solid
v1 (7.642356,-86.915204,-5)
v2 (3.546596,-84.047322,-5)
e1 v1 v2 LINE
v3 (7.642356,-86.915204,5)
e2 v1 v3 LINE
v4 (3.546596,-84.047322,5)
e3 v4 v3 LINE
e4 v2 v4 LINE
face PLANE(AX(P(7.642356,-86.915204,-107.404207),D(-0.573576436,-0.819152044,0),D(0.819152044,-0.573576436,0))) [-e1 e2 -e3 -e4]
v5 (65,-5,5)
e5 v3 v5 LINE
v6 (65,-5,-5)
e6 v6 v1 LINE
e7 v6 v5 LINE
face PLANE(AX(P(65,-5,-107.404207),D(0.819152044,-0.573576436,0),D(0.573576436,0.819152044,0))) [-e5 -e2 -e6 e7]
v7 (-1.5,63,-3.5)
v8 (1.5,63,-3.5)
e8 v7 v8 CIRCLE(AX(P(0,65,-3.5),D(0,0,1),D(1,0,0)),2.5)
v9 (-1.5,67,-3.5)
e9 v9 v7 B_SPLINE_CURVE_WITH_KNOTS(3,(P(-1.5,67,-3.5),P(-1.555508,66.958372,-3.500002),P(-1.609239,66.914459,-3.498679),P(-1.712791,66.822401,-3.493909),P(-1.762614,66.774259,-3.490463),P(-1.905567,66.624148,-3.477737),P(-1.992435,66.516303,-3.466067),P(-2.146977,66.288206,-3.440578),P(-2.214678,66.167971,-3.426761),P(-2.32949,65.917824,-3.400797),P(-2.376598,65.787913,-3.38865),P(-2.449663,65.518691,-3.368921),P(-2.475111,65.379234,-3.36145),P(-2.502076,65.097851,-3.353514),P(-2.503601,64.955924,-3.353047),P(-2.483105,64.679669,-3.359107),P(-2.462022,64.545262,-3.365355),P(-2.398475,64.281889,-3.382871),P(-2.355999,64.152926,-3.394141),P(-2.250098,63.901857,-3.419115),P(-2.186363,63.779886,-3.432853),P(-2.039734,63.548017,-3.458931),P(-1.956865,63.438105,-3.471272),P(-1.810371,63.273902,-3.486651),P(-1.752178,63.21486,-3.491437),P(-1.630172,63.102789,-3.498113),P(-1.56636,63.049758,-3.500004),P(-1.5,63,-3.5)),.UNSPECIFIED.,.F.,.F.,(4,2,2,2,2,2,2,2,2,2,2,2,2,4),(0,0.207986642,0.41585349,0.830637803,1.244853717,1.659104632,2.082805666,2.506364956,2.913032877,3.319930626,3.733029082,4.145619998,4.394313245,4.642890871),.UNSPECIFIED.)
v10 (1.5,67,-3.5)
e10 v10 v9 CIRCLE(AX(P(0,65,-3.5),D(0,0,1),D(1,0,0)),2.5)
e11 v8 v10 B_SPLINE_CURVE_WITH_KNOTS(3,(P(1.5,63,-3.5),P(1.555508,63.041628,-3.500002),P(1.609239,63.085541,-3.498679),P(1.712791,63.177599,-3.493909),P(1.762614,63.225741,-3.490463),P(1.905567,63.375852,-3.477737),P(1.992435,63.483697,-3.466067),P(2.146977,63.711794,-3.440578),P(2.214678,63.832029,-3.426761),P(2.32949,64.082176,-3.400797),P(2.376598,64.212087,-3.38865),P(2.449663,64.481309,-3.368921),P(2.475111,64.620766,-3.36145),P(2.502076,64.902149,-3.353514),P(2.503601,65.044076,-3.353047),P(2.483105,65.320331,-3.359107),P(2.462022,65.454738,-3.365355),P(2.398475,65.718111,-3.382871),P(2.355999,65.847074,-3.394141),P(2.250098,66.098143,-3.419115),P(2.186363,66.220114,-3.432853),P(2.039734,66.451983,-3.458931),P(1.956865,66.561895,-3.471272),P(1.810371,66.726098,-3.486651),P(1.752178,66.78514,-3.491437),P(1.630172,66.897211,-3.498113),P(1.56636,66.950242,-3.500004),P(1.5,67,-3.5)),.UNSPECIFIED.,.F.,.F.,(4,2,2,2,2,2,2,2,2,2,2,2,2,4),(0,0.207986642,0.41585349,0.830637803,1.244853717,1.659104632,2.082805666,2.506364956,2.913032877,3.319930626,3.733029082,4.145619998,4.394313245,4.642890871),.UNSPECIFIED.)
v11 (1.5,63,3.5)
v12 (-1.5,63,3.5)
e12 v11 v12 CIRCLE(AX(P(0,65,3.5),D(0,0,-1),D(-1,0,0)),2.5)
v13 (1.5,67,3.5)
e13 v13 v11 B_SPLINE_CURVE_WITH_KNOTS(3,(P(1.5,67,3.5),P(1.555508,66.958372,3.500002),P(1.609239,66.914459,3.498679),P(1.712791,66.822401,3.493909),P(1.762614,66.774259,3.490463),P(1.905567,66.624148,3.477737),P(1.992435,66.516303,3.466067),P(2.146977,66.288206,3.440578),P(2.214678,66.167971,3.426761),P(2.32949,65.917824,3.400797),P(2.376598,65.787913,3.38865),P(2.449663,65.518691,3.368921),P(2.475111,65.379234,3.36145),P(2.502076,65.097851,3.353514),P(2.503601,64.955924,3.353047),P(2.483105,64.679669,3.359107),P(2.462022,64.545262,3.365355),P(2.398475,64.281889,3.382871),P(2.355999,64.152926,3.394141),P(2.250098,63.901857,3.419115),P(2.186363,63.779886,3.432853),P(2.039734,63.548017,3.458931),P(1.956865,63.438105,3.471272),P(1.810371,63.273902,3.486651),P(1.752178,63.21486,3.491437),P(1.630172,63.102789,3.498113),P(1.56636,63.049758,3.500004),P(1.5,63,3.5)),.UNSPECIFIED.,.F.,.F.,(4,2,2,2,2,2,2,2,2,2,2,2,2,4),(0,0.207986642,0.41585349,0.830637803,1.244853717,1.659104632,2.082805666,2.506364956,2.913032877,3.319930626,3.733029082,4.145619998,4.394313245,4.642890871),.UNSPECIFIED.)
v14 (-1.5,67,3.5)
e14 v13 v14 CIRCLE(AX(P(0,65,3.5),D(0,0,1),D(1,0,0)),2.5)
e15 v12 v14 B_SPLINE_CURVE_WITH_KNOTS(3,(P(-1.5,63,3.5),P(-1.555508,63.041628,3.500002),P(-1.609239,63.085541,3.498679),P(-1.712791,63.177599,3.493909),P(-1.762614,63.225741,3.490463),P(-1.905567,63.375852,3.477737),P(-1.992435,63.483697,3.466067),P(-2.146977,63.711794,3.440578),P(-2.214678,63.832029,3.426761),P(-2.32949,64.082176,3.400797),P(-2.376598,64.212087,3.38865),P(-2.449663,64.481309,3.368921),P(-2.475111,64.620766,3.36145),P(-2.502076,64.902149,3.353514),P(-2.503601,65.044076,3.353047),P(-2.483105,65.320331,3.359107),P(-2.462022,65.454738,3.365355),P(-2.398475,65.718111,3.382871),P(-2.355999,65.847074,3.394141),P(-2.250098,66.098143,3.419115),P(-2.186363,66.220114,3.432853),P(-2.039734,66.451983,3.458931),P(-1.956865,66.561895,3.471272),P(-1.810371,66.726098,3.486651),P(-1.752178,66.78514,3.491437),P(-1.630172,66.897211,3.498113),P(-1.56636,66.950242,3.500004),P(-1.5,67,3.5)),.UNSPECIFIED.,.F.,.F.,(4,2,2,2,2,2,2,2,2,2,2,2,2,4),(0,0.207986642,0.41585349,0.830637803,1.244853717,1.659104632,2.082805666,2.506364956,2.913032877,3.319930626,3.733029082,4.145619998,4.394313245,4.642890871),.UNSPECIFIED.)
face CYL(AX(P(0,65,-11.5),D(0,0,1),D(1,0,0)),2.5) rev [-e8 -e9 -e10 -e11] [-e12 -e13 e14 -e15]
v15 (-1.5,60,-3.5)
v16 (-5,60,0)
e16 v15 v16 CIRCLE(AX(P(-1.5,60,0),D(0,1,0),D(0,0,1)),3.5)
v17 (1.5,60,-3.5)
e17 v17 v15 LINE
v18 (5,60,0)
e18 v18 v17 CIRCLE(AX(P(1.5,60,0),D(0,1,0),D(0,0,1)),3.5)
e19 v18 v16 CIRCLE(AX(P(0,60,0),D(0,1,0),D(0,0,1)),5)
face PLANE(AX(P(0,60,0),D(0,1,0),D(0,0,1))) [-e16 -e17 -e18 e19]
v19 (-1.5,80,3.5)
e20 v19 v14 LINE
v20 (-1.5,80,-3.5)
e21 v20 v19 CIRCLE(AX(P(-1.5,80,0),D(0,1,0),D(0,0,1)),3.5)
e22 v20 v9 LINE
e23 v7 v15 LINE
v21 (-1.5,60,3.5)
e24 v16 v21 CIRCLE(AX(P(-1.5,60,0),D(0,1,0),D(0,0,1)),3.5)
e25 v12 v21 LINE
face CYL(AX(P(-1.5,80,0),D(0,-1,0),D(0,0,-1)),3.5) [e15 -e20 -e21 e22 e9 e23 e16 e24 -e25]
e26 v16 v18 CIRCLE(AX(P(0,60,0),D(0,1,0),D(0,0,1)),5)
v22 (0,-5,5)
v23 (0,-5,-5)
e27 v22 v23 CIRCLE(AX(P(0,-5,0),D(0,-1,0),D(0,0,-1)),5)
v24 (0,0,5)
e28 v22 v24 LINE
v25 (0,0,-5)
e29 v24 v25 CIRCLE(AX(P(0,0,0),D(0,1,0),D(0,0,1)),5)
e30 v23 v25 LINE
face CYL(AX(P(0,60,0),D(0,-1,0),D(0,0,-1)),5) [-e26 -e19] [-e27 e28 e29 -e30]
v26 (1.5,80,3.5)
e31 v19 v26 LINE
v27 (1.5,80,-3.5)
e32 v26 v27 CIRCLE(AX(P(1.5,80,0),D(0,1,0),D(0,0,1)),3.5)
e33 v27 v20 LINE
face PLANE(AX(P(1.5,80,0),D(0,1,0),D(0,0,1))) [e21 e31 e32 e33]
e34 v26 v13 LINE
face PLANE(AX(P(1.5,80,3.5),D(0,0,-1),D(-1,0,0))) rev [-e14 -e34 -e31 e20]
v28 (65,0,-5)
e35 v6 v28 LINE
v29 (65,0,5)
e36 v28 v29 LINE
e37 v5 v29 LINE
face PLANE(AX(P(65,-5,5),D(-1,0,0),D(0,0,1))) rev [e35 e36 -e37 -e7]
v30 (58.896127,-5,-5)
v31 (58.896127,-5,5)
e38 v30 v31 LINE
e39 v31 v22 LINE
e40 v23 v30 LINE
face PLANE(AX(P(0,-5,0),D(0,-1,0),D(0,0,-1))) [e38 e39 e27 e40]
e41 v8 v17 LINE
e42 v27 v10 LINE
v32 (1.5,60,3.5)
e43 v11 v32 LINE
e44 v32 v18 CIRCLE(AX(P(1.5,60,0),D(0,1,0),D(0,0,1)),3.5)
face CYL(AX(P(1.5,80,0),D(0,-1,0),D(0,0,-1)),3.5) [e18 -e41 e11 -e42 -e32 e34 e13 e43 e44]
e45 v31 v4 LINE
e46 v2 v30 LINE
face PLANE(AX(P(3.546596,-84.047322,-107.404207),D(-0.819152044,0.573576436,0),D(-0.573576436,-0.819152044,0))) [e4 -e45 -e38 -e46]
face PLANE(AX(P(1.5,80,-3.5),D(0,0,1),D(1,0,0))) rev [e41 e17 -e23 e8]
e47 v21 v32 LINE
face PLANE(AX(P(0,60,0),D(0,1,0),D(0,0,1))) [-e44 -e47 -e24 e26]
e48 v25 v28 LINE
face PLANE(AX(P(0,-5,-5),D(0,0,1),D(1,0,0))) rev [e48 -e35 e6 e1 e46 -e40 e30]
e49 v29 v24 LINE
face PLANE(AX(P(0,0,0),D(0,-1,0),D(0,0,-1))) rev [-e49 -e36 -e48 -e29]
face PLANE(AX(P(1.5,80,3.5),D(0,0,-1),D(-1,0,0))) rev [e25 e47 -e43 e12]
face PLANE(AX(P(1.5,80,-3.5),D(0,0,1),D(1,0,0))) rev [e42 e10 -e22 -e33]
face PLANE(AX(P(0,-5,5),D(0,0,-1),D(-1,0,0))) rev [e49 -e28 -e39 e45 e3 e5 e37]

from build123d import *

# Parameters (mm, degrees)
SKETCH1_R           = 5
BOSS_EXTRUDE1_DEPTH = 60
BOSS_EXTRUDE2_DEPTH = 20
SKETCH3_R           = 2.5
CUT_EXTRUDE1_DEPTH  = 15
BOSS_EXTRUDE3_START = 5
BOSS_EXTRUDE3_DEPTH = 5
BOSS_EXTRUDE5_DEPTH = 10


with BuildPart() as part:
    # Sketch1 → Boss-Extrude1 (new body)
    with BuildSketch(Plane(origin=(0, 0, 0), x_dir=(1, 0, 0), z_dir=(0, 1, 0))):
        with Locations(Location((0, 0, 0), (0, 0, 270))):
            Circle(SKETCH1_R)
    extrude(amount=BOSS_EXTRUDE1_DEPTH)

    # Sketch2 → Boss-Extrude2 (add)
    with BuildSketch(Plane(origin=(0, 60, 0), x_dir=(1, 0, 0), z_dir=(0, 1, 0))):
        with BuildLine():
            Line((1.5, -3.5), (-1.5, -3.5))
            ThreePointArc((-1.5, -3.5), (-5, 0), (-1.5, 3.5))
            Line((-1.5, 3.5), (1.5, 3.5))
            ThreePointArc((1.5, 3.5), (5, 0), (1.5, -3.5))
        make_face()
    extrude(amount=BOSS_EXTRUDE2_DEPTH)

    # Sketch3 → Cut-Extrude1 (cut)
    with BuildSketch(Plane.XY.offset(3.5)):
        with Locations(Location((0, 65, 0), (0, 0, 306.869897646))):
            Circle(SKETCH3_R)
    extrude(amount=-CUT_EXTRUDE1_DEPTH, mode=Mode.SUBTRACT)

    # Sketch4 → Boss-Extrude3 (add)
    with BuildSketch(Plane.XZ.offset(BOSS_EXTRUDE3_START)):
        with BuildLine():
            Line((0, 5), (65, 5))
            Line((65, 5), (65, -5))
            Line((65, -5), (0, -5))
            ThreePointArc((0, -5), (-5, 0), (0, 5))
        make_face()
    extrude(amount=-BOSS_EXTRUDE3_DEPTH)

    # Sketch6 → Boss-Extrude5 (add)
    with BuildSketch(Plane.XY.offset(5)):
        Polygon((65, -5), (7.642356365, -86.915204429), (3.546596143, -84.047322247), (58.896127056, -5), align=None)
    extrude(amount=-BOSS_EXTRUDE5_DEPTH)


solid = part.part
